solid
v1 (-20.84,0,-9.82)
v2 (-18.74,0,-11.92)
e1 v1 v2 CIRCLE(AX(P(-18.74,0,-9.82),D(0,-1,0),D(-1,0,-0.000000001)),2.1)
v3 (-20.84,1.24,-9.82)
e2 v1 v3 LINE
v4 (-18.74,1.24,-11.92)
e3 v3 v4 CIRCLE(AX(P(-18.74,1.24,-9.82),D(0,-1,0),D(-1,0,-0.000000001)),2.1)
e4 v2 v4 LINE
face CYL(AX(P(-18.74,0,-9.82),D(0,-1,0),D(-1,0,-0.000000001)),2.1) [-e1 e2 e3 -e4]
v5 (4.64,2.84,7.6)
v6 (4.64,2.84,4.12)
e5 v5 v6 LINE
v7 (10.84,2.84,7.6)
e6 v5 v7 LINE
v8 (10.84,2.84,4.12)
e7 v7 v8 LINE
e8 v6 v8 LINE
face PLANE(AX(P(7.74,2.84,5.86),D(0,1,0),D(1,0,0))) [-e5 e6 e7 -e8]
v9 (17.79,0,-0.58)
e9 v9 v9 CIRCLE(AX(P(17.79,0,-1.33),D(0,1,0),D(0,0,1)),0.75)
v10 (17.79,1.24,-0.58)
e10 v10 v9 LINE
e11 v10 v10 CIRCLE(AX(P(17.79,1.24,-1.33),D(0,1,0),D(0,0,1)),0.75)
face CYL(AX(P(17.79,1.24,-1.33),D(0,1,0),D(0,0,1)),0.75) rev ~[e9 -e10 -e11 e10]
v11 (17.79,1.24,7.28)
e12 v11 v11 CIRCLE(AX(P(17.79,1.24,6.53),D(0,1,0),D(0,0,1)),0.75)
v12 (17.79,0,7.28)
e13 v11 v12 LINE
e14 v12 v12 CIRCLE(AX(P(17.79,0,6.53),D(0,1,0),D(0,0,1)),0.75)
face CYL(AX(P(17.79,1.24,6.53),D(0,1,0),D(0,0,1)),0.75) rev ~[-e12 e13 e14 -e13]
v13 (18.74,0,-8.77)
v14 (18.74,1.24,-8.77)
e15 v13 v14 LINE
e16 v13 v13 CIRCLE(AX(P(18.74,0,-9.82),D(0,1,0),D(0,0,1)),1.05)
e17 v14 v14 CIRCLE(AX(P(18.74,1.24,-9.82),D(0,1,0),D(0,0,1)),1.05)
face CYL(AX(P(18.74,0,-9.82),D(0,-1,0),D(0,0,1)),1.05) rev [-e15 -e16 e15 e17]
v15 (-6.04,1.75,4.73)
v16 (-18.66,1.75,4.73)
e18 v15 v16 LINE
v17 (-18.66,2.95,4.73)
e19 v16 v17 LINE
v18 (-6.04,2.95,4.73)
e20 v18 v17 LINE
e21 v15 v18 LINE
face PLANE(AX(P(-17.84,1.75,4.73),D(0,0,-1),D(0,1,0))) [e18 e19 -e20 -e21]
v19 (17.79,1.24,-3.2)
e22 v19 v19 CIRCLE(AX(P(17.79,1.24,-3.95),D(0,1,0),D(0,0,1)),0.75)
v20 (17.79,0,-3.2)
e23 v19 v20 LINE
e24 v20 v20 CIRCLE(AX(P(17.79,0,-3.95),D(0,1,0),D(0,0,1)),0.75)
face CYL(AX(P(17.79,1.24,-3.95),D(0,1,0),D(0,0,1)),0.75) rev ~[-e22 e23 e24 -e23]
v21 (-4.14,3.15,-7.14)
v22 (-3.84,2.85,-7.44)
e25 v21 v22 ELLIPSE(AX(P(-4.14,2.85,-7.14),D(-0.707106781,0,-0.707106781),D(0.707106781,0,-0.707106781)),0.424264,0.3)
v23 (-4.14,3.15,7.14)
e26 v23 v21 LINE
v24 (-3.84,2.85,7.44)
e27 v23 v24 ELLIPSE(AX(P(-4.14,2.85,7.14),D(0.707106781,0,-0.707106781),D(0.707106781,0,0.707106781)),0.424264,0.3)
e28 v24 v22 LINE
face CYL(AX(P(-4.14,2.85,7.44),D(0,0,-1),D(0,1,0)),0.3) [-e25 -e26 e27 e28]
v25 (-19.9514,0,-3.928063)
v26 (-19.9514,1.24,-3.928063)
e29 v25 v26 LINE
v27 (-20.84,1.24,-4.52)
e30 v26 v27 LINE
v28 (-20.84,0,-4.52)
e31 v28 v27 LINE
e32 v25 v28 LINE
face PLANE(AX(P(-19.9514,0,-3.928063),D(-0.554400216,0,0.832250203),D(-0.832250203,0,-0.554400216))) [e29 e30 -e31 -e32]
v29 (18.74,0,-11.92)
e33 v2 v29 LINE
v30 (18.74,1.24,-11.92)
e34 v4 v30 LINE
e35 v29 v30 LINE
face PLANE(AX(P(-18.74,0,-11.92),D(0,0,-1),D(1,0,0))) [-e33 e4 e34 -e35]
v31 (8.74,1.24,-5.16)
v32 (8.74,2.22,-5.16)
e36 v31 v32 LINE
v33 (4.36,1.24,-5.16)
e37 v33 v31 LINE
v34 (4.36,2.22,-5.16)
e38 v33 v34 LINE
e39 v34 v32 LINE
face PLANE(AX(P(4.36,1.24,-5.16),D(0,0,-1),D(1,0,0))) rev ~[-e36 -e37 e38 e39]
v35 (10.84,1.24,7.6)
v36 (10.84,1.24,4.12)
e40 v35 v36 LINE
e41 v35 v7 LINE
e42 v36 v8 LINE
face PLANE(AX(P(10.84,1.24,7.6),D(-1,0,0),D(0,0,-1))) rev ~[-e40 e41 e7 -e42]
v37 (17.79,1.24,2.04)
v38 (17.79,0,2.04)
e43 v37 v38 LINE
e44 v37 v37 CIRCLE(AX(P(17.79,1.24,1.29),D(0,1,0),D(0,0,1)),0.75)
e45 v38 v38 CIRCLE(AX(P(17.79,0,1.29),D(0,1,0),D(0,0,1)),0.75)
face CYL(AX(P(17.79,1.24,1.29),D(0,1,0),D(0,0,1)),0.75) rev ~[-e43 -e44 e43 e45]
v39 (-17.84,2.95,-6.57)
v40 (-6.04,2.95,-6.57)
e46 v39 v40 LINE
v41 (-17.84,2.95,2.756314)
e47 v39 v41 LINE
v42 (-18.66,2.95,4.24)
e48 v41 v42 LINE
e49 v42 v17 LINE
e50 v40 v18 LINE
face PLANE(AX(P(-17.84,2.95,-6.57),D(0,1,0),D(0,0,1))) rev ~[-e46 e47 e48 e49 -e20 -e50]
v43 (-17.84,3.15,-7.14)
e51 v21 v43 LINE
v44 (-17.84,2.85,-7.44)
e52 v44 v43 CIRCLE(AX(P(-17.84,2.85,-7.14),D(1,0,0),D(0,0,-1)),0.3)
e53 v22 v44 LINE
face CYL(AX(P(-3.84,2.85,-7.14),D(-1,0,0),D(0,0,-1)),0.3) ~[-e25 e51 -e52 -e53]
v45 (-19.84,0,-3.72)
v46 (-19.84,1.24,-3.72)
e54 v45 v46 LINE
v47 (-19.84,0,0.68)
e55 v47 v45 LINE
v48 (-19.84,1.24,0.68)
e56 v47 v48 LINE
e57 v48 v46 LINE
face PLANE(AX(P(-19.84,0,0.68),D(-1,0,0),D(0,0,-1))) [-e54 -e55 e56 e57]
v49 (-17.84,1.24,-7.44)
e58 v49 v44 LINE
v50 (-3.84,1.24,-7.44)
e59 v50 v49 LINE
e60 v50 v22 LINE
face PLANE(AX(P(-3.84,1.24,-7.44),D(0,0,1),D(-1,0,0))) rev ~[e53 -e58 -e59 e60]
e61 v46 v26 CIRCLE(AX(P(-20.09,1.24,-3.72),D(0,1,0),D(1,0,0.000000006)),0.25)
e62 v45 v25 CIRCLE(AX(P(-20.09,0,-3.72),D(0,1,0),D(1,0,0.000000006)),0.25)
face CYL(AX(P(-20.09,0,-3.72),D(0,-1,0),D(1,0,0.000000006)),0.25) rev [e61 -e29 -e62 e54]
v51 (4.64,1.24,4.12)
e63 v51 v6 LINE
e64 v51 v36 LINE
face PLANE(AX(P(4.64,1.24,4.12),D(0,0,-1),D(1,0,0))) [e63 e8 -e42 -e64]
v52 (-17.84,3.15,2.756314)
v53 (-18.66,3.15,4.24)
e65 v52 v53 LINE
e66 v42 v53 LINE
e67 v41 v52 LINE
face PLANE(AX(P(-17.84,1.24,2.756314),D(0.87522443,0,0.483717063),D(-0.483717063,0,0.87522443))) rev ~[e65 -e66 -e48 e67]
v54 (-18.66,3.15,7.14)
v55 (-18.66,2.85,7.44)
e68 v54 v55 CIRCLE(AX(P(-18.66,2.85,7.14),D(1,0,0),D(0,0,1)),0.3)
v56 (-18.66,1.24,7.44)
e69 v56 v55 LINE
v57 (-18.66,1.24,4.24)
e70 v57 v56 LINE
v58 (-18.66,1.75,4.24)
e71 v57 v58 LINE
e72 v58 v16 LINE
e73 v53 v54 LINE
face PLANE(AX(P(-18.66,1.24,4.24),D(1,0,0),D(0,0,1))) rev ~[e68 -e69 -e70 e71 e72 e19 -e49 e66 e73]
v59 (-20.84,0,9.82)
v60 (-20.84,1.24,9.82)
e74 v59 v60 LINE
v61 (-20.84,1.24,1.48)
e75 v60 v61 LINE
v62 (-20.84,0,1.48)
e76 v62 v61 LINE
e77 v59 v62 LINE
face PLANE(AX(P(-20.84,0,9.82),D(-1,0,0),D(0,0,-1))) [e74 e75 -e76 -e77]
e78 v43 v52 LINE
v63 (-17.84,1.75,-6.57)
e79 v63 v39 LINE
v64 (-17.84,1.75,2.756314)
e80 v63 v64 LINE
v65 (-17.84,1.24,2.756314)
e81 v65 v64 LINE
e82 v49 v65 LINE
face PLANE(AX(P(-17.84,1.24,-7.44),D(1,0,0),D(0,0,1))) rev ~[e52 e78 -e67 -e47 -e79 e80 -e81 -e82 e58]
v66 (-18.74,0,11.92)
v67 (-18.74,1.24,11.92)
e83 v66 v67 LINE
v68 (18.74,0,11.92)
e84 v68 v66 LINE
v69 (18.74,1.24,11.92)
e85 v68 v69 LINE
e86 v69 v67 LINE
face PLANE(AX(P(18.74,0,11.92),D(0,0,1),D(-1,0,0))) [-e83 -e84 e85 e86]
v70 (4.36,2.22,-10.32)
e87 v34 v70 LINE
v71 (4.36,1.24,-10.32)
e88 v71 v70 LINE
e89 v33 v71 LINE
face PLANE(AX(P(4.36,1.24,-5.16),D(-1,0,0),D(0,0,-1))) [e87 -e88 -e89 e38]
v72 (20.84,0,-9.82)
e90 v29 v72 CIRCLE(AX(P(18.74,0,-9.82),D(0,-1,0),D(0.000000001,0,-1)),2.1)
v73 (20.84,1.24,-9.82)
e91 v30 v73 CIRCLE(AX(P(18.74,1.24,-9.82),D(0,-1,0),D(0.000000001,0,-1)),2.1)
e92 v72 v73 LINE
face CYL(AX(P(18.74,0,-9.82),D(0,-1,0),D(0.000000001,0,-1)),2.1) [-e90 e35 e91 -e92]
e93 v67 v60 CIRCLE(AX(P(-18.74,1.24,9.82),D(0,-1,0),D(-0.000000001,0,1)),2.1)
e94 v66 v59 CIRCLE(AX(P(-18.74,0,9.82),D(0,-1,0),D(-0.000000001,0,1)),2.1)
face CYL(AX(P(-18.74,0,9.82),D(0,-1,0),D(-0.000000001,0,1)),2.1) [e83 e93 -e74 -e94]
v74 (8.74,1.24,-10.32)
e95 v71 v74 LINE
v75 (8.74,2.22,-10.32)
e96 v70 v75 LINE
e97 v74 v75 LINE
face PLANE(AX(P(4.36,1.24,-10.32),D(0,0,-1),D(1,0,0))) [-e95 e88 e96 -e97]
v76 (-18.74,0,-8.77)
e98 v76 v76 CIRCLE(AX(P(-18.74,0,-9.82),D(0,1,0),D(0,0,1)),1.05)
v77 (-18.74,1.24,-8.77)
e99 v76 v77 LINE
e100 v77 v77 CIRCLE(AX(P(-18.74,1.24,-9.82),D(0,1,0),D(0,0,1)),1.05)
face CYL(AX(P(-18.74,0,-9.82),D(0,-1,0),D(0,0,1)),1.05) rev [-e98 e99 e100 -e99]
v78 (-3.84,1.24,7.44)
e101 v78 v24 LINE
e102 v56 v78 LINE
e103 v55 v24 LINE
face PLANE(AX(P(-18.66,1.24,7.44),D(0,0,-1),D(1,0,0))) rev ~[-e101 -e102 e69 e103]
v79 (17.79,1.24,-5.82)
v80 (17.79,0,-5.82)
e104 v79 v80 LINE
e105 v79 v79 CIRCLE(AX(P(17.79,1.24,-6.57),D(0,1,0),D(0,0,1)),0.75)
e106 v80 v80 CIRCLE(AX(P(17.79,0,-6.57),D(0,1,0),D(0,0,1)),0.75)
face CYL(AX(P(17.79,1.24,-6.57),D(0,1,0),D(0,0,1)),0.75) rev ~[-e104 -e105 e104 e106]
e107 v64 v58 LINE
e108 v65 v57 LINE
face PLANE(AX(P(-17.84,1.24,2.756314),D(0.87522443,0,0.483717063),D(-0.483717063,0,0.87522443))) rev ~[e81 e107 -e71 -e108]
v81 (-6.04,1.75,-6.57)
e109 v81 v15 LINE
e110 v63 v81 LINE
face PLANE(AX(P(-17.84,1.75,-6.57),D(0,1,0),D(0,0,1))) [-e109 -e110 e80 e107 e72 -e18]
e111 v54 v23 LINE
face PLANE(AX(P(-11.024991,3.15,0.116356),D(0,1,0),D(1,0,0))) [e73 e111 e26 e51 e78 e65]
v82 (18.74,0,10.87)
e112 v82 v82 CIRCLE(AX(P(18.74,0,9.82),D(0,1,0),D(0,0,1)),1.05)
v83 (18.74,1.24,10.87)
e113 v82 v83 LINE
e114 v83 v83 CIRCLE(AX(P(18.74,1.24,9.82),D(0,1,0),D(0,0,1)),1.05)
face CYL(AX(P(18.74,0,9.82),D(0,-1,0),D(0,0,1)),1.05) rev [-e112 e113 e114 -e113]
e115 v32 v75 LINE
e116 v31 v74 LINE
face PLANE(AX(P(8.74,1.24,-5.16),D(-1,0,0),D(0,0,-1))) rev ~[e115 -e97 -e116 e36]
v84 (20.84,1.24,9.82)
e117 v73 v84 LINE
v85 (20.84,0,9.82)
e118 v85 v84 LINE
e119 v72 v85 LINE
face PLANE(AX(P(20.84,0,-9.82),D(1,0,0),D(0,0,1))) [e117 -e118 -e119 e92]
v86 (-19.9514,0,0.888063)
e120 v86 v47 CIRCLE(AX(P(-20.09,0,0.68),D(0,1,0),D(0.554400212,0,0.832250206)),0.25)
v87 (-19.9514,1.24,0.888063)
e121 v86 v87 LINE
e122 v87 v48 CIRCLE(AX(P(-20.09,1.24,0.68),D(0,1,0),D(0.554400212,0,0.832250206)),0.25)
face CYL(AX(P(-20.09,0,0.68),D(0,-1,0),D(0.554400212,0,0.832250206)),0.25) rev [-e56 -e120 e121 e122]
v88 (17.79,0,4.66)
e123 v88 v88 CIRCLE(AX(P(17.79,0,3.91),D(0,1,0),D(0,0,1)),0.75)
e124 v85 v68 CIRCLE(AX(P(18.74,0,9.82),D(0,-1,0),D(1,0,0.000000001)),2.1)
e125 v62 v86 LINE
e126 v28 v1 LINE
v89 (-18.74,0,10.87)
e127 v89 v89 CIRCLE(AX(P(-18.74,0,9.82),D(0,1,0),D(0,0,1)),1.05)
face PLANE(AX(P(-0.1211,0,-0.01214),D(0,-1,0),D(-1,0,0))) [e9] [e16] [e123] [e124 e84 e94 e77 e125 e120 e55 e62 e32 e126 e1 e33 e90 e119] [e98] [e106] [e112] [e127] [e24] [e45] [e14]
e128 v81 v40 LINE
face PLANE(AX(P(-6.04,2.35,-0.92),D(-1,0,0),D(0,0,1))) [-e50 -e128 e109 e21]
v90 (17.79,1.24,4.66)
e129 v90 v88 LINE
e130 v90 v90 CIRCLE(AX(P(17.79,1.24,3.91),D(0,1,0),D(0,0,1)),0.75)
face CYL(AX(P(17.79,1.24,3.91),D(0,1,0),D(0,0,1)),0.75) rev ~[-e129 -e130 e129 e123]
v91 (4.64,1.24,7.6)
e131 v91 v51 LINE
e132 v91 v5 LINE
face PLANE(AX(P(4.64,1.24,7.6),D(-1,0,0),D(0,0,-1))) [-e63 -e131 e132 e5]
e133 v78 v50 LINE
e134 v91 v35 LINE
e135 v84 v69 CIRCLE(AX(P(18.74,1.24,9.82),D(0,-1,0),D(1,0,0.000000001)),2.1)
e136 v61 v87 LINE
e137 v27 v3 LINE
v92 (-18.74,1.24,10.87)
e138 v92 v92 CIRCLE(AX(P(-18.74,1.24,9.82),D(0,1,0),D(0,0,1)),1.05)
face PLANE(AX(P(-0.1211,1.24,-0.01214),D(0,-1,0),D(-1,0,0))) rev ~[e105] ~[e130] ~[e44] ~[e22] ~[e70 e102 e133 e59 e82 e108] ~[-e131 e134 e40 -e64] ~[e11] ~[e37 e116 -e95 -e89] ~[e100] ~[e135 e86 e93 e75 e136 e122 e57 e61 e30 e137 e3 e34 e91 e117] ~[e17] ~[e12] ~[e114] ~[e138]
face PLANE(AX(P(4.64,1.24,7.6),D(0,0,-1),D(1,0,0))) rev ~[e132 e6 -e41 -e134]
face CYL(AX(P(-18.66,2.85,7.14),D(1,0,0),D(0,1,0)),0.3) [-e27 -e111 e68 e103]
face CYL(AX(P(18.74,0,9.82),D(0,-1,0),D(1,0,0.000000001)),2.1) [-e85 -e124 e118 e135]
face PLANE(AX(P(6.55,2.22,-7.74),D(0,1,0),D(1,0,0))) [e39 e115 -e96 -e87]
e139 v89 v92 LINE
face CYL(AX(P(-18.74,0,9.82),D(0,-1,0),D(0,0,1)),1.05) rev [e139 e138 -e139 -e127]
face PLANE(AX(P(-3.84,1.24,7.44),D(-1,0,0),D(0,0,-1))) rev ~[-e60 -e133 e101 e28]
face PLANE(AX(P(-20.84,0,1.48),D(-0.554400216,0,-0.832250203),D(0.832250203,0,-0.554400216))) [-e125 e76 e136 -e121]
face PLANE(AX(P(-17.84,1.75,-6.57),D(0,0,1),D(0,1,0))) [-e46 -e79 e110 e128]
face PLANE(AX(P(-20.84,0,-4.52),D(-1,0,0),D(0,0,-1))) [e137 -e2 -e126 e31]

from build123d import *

# Parameters (mm, degrees)
ESQUISSE1_R                         = 1.05
PLAQUE_DEPTH                        = 1.24
CARTE_SD_DEPTH                      = 1.91
ESQUISSE4_W                         = 6.2
ESQUISSE4_H                         = 3.48
PUCE_DEPTH                          = 1.6
ESQUISSE7_W                         = 4.38
ESQUISSE7_H                         = 5.16
PUCE_2_DEPTH                        = 0.98
ESQUISSE8_R                         = 0.75
ENL_V_MAT_EXTRU_1_DEPTH             = 25.084021674
ESQUISSE9_W                         = 11.3
ESQUISSE9_H                         = 1.2
ENL_V_MAT_EXTRU_3_DEPTH             = 11.8
ENL_V_MAT_EXTRU_3_DIRECTION_2_REACH = 42.597
CONG_1_R                            = 0.3


with BuildPart() as part:
    # Esquisse1 → Plaque (new body)
    with BuildSketch(Plane(origin=(0, 0, 0), x_dir=(1, 0, 0), z_dir=(0, 1, 0))):
        with BuildLine():
            Line((-18.74, 11.92), (18.74, 11.92))
            ThreePointArc((18.74, 11.92), (20.22492424, 11.30492424), (20.84, 9.82))
            Line((20.84, 9.82), (20.84, -9.82))
            ThreePointArc((20.84, -9.82), (20.22492424, -11.30492424), (18.74, -11.92))
            Line((18.74, -11.92), (-18.74, -11.92))
            ThreePointArc((-18.74, -11.92), (-20.22492424, -11.30492424), (-20.84, -9.82))
            Line((-20.84, -9.82), (-20.84, -1.48))
            Line((-20.84, -1.48), (-19.951399946, -0.888062551))
            ThreePointArc((-19.951399946, -0.888062551), (-19.869602616, -0.798004209), (-19.84, -0.68))
            Line((-19.84, -0.68), (-19.84, 3.72))
            ThreePointArc((-19.84, 3.72), (-19.869602616, 3.838004209), (-19.951399946, 3.928062551))
            Line((-19.951399946, 3.928062551), (-20.84, 4.52))
            Line((-20.84, 4.52), (-20.84, 9.82))
            ThreePointArc((-20.84, 9.82), (-20.22492424, 11.30492424), (-18.74, 11.92))
        make_face()
        with Locations(Location((-18.74, 9.82, 0), (0, 0, 270))):
            Circle(ESQUISSE1_R, mode=Mode.SUBTRACT)
        with Locations(Location((18.74, 9.82, 0), (0, 0, 270))):
            Circle(ESQUISSE1_R, mode=Mode.SUBTRACT)
        with Locations(Location((-18.74, -9.82, 0), (0, 0, 270))):
            Circle(ESQUISSE1_R, mode=Mode.SUBTRACT)
        with Locations(Location((18.74, -9.82, 0), (0, 0, 270))):
            Circle(ESQUISSE1_R, mode=Mode.SUBTRACT)
    extrude(amount=PLAQUE_DEPTH)

    # Esquisse2 → Carte SD (add)
    with BuildSketch(Plane(origin=(0, 1.24, 0), x_dir=(1, 0, 0), z_dir=(0, 1, 0))):
        Polygon((-18.66, -7.44), (-3.84, -7.44), (-3.84, 7.44), (-17.84, 7.44), (-17.84, -2.756314418), (-18.66, -4.24), align=None)
    extrude(amount=CARTE_SD_DEPTH)

    # Esquisse4 → Puce (add)
    with BuildSketch(Plane(origin=(0, 1.24, 0), x_dir=(1, 0, 0), z_dir=(0, 1, 0))):
        with Locations((7.74, -5.86)):
            Rectangle(ESQUISSE4_W, ESQUISSE4_H)
    extrude(amount=PUCE_DEPTH)

    # Esquisse7 → Puce 2 (add)
    with BuildSketch(Plane(origin=(0, 1.24, 0), x_dir=(1, 0, 0), z_dir=(0, 1, 0))):
        with Locations((6.55, 7.74)):
            Rectangle(ESQUISSE7_W, ESQUISSE7_H)
    extrude(amount=PUCE_2_DEPTH)

    # Esquisse8 → Enlèv. mat.-Extru.1 (cut, through all)
    with BuildSketch(Plane(origin=(0, 1.24, 0), x_dir=(1, 0, 0), z_dir=(0, 1, 0))):
        with Locations(Location((17.79, 6.57, 0), (0, 0, 270))):
            Circle(ESQUISSE8_R)
        with Locations(Location((17.79, 3.95, 0), (0, 0, 270))):
            Circle(ESQUISSE8_R)
        with Locations(Location((17.79, 1.33, 0), (0, 0, 270))):
            Circle(ESQUISSE8_R)
        with Locations(Location((17.79, -1.29, 0), (0, 0, 270))):
            Circle(ESQUISSE8_R)
        with Locations(Location((17.79, -3.91, 0), (0, 0, 270))):
            Circle(ESQUISSE8_R)
        with Locations(Location((17.79, -6.53, 0), (0, 0, 270))):
            Circle(ESQUISSE8_R)
    extrude(amount=-ENL_V_MAT_EXTRU_1_DEPTH, mode=Mode.SUBTRACT)

    # Esquisse9 → Enlèv. mat.-Extru.3 (cut)
    with BuildSketch(Plane.ZY.offset(17.84)):
        with Locations((-0.92, 2.35)):
            Rectangle(ESQUISSE9_W, ESQUISSE9_H)
    extrude(amount=-ENL_V_MAT_EXTRU_3_DEPTH, mode=Mode.SUBTRACT)

    # Enlèv. mat.-Extru.3 direction 2: up to this face of the body (flat: up to its plane)
    enl_v_mat_extru_3_direction_2_end = Plane(part.part.faces().sort_by_distance((-18.66, 2.195, 5.84))[0])
    # Esquisse9 → Enlèv. mat.-Extru.3 direction 2 (cut, up to the picked face)
    with BuildSketch(Plane.ZY.offset(17.84), mode=Mode.PRIVATE) as enl_v_mat_extru_3_direction_2_sk1:
        with Locations((-0.92, 2.35)):
            Rectangle(ESQUISSE9_W, ESQUISSE9_H)
    enl_v_mat_extru_3_direction_2_tool1 = split(extrude(enl_v_mat_extru_3_direction_2_sk1.sketch, amount=ENL_V_MAT_EXTRU_3_DIRECTION_2_REACH, mode=Mode.PRIVATE), bisect_by=enl_v_mat_extru_3_direction_2_end, keep=Keep.BOTH, mode=Mode.PRIVATE)
    add(enl_v_mat_extru_3_direction_2_tool1.solids().sort_by(Axis((-17.84, 2.35, -0.92), (-1, 0, 0)))[0], mode=Mode.SUBTRACT)

    # Congé1
    cong_1_edges = [part.edges().sort_by_distance(p)[0] for p in [
        (-11.25, 3.15, 7.44),
        (-3.84, 3.15, 0),
        (-10.84, 3.15, -7.44),
    ]]
    fillet(cong_1_edges, radius=CONG_1_R)


solid = part.part
